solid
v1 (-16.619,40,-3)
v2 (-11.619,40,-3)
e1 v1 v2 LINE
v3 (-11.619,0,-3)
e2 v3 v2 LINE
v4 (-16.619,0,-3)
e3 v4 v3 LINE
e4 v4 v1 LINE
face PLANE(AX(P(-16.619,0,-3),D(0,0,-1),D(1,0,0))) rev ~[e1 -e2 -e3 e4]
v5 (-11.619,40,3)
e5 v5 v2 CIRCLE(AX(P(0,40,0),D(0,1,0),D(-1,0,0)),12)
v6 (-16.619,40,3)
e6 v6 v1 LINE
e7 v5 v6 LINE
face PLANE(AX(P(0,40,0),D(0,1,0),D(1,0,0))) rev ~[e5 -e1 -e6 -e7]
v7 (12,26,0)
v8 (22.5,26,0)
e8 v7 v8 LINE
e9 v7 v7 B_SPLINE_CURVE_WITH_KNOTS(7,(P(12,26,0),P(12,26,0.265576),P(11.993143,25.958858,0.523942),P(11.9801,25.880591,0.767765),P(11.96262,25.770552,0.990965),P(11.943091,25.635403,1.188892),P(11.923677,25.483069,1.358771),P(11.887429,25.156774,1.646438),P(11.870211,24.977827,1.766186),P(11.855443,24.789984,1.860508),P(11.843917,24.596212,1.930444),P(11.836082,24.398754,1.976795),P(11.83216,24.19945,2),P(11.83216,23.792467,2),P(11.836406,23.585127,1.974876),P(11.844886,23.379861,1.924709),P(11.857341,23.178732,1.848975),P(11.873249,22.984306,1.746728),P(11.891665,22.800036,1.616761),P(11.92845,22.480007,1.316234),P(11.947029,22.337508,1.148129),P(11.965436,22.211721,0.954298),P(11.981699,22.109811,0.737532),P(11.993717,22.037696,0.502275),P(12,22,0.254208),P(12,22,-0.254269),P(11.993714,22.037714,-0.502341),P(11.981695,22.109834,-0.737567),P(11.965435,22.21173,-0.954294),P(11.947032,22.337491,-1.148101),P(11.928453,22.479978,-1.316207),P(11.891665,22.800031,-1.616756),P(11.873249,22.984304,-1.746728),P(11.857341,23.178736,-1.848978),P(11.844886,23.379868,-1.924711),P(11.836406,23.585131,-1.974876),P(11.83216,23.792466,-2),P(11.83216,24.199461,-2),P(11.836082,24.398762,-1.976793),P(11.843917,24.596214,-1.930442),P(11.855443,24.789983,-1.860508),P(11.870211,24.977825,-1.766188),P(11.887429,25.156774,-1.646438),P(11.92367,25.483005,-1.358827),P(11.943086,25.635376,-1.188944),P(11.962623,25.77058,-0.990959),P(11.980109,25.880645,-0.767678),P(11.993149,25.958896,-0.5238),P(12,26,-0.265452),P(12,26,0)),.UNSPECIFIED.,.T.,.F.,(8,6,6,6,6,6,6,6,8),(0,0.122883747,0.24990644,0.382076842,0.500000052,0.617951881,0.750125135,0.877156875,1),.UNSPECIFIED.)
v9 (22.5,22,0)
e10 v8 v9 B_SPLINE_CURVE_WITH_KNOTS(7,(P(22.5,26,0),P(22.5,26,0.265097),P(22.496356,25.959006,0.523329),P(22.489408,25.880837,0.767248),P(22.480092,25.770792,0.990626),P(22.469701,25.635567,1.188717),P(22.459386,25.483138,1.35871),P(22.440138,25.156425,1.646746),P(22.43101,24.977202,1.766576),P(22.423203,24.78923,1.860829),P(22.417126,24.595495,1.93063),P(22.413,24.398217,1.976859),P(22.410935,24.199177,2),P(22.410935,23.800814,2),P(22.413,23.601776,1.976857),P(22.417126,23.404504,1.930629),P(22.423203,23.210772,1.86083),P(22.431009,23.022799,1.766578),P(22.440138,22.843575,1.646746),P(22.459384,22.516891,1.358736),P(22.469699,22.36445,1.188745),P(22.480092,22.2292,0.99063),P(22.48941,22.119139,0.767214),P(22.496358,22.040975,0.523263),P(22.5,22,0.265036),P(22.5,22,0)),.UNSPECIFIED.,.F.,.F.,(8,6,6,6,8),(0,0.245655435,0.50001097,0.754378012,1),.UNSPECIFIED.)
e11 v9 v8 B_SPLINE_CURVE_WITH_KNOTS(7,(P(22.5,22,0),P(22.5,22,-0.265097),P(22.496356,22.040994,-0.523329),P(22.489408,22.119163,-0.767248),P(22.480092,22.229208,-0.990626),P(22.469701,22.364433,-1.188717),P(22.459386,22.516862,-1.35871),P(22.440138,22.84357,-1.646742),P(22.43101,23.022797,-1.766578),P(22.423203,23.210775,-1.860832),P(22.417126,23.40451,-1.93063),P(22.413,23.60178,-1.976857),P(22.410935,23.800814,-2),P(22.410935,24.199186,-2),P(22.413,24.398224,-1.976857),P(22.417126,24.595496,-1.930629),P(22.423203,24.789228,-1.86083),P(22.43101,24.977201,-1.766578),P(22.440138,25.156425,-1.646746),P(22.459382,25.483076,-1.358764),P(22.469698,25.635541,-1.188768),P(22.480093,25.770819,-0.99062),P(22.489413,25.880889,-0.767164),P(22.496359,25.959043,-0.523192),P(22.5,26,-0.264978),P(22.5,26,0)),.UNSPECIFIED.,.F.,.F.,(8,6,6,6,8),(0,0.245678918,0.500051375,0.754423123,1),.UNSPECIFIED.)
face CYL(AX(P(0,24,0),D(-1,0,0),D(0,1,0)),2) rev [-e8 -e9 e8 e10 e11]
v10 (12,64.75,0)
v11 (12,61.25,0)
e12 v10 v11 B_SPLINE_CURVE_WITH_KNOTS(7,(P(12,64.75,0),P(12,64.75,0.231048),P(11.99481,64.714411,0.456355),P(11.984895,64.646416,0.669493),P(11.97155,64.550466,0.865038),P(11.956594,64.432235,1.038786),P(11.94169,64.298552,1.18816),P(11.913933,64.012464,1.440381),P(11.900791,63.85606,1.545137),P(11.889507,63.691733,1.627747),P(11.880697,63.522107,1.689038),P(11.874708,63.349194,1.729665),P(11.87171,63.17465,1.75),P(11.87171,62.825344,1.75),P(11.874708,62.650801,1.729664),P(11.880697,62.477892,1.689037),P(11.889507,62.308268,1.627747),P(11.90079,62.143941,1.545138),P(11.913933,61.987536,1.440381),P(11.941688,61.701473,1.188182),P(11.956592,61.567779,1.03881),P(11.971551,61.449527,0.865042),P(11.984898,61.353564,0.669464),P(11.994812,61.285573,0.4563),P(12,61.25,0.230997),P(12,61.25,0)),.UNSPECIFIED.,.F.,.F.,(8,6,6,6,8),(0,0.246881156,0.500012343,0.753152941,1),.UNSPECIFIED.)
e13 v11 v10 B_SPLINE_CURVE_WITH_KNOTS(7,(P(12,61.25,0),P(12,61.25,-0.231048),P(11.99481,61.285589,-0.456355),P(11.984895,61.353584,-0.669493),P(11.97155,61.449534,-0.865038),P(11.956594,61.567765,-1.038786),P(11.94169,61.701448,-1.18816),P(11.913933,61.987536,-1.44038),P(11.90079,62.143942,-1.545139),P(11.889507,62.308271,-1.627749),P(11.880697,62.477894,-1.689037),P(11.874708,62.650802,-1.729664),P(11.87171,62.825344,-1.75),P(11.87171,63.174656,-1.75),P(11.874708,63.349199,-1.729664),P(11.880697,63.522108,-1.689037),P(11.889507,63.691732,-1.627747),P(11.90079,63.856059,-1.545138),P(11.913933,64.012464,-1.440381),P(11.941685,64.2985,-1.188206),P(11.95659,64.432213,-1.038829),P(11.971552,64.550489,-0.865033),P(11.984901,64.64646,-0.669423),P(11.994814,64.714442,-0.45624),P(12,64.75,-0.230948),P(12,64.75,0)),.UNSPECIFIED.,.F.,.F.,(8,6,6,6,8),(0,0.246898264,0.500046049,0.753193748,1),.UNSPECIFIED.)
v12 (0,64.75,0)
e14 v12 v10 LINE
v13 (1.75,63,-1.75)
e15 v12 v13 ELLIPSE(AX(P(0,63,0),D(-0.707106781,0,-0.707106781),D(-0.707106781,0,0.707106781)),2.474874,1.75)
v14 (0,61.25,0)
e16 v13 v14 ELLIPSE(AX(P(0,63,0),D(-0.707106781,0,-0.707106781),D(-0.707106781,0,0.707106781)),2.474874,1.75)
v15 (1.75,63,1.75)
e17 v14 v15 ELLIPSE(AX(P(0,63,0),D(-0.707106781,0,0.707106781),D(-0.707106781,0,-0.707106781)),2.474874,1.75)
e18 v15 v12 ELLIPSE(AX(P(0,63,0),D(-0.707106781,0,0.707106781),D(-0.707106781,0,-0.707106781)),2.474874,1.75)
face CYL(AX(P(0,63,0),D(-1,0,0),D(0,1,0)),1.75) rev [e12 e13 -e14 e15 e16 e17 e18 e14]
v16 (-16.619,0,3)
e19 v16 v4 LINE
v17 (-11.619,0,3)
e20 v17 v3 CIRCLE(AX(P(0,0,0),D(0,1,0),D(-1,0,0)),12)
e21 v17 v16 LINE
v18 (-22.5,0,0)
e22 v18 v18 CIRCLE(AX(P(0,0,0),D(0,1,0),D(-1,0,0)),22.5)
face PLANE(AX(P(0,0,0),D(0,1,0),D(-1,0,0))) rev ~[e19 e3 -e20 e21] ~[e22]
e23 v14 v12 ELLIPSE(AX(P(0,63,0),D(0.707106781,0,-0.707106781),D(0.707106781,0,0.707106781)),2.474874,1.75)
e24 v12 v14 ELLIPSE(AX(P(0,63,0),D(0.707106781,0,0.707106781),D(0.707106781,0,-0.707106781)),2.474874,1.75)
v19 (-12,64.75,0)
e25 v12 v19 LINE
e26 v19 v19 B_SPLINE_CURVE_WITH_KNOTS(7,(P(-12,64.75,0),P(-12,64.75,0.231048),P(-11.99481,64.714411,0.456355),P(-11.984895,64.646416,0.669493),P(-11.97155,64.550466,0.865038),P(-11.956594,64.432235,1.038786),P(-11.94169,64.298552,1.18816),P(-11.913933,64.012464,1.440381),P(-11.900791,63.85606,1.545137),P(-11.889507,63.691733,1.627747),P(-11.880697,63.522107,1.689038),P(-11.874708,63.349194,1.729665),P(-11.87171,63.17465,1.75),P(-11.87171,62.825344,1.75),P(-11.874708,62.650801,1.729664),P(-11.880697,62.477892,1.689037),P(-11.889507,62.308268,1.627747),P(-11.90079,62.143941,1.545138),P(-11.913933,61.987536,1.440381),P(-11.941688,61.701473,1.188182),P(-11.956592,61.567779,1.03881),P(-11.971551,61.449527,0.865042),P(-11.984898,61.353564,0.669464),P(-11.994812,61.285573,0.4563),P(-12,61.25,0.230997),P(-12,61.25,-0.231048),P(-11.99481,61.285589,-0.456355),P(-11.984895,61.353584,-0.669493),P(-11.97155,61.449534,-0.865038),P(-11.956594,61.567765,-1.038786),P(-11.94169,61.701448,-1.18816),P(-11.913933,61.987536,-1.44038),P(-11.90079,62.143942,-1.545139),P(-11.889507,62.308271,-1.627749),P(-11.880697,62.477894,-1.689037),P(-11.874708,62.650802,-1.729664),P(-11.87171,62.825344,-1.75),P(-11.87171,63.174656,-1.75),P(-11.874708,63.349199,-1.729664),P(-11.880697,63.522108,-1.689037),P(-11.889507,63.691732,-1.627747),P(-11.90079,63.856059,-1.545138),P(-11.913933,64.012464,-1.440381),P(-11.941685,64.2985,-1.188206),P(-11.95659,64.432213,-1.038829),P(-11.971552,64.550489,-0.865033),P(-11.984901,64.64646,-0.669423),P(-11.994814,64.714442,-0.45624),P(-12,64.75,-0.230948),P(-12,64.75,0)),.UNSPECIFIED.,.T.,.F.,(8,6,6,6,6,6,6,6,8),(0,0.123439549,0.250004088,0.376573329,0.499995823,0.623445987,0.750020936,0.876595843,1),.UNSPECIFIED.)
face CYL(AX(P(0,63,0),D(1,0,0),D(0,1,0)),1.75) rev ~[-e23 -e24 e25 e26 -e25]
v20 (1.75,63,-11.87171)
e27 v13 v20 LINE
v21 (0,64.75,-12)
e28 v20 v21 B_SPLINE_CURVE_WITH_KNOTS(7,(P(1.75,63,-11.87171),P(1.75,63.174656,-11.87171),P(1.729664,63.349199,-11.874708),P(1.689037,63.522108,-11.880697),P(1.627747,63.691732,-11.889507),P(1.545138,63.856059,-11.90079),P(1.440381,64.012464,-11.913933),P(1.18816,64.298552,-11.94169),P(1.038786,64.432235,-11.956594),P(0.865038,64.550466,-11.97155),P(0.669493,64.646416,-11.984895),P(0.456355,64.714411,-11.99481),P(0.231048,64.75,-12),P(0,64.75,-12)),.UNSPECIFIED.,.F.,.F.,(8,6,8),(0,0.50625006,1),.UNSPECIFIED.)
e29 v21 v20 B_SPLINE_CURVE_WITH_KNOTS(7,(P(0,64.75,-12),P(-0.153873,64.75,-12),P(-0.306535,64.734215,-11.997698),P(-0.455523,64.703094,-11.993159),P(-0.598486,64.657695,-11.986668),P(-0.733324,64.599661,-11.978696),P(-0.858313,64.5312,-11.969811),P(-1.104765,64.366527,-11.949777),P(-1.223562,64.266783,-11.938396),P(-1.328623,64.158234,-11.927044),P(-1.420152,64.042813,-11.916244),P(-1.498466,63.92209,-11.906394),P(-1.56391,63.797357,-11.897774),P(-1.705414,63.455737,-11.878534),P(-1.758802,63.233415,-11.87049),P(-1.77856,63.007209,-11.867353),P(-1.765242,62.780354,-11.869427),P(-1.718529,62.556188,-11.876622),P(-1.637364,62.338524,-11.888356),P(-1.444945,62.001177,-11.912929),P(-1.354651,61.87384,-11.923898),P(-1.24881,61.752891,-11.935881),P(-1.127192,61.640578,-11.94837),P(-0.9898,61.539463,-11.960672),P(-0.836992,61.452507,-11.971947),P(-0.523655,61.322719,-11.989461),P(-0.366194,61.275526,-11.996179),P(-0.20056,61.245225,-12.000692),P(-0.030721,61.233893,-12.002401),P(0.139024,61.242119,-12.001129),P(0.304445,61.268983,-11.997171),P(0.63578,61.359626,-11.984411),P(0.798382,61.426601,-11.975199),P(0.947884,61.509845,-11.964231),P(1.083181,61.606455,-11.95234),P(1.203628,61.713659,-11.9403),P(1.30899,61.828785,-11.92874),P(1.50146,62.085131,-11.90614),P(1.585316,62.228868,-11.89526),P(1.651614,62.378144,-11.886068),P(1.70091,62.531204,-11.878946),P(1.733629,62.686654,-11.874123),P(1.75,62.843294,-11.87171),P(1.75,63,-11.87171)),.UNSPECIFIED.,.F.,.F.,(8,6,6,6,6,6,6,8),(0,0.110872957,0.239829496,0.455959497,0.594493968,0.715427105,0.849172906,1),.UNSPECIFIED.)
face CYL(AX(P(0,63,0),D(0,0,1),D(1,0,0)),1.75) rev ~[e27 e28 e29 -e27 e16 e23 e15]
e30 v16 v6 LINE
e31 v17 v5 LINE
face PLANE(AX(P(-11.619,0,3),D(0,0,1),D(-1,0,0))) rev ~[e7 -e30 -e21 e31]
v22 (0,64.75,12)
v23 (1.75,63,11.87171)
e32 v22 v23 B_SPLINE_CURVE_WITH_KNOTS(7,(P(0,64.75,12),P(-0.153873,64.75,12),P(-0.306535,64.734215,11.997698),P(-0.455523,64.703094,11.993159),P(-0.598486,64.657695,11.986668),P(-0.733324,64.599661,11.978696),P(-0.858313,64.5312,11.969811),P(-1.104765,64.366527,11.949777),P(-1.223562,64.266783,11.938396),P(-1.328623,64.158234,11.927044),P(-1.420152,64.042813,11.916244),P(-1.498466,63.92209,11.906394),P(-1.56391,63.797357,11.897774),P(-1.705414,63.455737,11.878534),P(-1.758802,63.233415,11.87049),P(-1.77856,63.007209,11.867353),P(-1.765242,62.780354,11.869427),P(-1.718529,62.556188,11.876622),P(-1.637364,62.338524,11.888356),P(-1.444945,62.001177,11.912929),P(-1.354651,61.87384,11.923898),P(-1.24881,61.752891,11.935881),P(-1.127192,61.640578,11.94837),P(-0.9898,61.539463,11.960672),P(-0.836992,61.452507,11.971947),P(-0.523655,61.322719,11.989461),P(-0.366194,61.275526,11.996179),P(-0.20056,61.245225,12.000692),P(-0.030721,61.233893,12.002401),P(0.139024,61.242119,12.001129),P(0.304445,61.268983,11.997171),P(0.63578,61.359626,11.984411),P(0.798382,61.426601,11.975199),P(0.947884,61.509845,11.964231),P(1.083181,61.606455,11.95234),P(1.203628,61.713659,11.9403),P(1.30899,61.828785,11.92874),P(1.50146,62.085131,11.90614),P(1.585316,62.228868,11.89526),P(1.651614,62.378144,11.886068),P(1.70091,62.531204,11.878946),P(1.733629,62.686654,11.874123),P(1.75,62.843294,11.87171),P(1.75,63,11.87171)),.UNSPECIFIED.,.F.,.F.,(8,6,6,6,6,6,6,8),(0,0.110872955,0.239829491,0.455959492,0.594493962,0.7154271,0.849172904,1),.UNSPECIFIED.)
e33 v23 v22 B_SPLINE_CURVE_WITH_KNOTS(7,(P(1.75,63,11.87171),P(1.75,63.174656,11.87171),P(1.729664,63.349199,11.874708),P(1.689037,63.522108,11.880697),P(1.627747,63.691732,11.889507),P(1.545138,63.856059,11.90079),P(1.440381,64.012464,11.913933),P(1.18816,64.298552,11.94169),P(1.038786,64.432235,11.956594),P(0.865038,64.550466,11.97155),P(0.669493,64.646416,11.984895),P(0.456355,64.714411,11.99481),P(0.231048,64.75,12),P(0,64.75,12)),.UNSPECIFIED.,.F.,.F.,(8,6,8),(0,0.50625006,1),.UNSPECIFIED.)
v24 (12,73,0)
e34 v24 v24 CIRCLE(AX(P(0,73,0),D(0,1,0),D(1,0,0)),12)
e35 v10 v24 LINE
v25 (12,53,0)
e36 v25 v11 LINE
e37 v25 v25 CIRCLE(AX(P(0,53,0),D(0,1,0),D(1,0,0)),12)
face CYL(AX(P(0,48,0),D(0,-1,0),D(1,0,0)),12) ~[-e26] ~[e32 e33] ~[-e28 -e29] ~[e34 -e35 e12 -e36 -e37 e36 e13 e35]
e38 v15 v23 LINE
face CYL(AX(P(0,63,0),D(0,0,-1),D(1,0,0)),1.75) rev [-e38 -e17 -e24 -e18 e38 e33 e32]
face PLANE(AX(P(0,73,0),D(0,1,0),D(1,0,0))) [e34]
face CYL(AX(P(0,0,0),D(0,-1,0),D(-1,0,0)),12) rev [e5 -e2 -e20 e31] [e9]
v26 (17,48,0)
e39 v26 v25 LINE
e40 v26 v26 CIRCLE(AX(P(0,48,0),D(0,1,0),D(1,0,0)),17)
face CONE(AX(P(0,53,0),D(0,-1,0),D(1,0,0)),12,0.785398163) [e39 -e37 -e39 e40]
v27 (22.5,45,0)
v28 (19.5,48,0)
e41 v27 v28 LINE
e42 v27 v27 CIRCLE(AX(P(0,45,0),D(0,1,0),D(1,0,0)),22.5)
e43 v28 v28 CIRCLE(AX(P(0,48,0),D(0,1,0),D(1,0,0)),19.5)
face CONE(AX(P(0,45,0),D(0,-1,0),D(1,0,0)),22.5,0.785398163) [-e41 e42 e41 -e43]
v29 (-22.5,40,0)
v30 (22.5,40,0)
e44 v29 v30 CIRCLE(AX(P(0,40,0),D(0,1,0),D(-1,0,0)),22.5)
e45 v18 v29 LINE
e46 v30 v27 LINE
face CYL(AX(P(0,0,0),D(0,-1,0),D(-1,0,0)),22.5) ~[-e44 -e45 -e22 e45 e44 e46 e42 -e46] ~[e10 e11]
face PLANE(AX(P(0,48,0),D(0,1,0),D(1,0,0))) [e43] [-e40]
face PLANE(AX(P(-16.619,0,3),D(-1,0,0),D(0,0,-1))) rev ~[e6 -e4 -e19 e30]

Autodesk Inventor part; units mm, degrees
ref_plane "YZ Plane" through (0, 0, 0) normal (1, 0, 0) x (0, 1, 0)
ref_plane "XZ Plane" through (0, 0, 0) normal (0, 1, 0) x (-1, 0, 0)
ref_plane "XY Plane" through (0, 0, 0) normal (0, 0, 1) x (1, 0, 0)
sketch "Sketch1" plane through (0, 0, 0) normal (0, 1, 0) x (-1, 0, 0)
  circle A0 centre (0, 0) radius 12
  circle A1 centre (0, 0) radius 22.5
  line L0 (11.619, 3) -> (16.619, 3)
  line L1 (16.619, 3) -> (16.619, -3)
  line L2 (16.619, -3) -> (11.619, -3)
  line L3 (11.619, -3) -> (11.619, 3)
  dimension "d0" = 24
  dimension "d1" = 45
  dimension "d2" = 6
  dimension "d3" = 5
extrude "Extrusion1" add sketch "Sketch1" along normal blind 40
sketch "Sketch2" plane through (0, 40, 0) normal (0, 1, 0) x (1, 0, 0)
  circle A0 centre (0, 0) radius 22.5
extrude "Extrusion2" add sketch "Sketch2" along normal blind 8
sketch "Sketch3" plane through (0, 48, 0) normal (0, 1, 0) x (1, 0, 0)
  circle A0 centre (0, 0) radius 12
  dimension "d29" = 24
extrude "Extrusion3" add sketch "Sketch3" along normal blind 25
sketch "Sketch4" plane through (0, 0, 0) normal (1, 0, 0) x (0, 1, 0)
  circle A0 centre (63, 0) radius 1.75
  line L0 (48, -22.5) -> (48, 22.5) projected
  point P0 (0, 0)
  dimension "d10" = 15
  dimension "d11" = 3.5
extrude "Extrusion4" cut sketch "Sketch4" along normal through all both and the other way through all
sketch "Sketch5" plane through (0, 0, 0) normal (0, 0, 1) x (1, 0, 0)
  circle A0 centre (0, 63) radius 1.75
  line L0 (-12, 64.75) -> (12, 64.75) projected
  line L1 (22.5, 48) -> (-22.5, 48) projected
  point P0 (0, 0)
  dimension "d14" = 15
extrude "Extrusion5" cut sketch "Sketch5" along normal through all both and the other way through all
sketch "Sketch6" plane through (0, 0, 0) normal (1, 0, 0) x (0, 1, 0)
  circle A0 centre (24, 0) radius 2
  line L0 (0, -22.5) -> (0, 22.5) projected
  line L1 (48, -22.5) -> (48, 22.5) projected
  point P0 (0, 0)
  dimension "d18" = 4
  dimension "d19" = 24
  dimension "d20" = 24
extrude "Extrusion6" cut sketch "Sketch6" along normal through all
chamfer "Chamfer1" distance 3 angle 45 1 edges at (-22.5, 48, 0)
chamfer "Chamfer2" distance 5 angle 45 1 edges at (-12, 48, 0)
equation "\"d19\" = d20"
properties part number "shaft adapter"
